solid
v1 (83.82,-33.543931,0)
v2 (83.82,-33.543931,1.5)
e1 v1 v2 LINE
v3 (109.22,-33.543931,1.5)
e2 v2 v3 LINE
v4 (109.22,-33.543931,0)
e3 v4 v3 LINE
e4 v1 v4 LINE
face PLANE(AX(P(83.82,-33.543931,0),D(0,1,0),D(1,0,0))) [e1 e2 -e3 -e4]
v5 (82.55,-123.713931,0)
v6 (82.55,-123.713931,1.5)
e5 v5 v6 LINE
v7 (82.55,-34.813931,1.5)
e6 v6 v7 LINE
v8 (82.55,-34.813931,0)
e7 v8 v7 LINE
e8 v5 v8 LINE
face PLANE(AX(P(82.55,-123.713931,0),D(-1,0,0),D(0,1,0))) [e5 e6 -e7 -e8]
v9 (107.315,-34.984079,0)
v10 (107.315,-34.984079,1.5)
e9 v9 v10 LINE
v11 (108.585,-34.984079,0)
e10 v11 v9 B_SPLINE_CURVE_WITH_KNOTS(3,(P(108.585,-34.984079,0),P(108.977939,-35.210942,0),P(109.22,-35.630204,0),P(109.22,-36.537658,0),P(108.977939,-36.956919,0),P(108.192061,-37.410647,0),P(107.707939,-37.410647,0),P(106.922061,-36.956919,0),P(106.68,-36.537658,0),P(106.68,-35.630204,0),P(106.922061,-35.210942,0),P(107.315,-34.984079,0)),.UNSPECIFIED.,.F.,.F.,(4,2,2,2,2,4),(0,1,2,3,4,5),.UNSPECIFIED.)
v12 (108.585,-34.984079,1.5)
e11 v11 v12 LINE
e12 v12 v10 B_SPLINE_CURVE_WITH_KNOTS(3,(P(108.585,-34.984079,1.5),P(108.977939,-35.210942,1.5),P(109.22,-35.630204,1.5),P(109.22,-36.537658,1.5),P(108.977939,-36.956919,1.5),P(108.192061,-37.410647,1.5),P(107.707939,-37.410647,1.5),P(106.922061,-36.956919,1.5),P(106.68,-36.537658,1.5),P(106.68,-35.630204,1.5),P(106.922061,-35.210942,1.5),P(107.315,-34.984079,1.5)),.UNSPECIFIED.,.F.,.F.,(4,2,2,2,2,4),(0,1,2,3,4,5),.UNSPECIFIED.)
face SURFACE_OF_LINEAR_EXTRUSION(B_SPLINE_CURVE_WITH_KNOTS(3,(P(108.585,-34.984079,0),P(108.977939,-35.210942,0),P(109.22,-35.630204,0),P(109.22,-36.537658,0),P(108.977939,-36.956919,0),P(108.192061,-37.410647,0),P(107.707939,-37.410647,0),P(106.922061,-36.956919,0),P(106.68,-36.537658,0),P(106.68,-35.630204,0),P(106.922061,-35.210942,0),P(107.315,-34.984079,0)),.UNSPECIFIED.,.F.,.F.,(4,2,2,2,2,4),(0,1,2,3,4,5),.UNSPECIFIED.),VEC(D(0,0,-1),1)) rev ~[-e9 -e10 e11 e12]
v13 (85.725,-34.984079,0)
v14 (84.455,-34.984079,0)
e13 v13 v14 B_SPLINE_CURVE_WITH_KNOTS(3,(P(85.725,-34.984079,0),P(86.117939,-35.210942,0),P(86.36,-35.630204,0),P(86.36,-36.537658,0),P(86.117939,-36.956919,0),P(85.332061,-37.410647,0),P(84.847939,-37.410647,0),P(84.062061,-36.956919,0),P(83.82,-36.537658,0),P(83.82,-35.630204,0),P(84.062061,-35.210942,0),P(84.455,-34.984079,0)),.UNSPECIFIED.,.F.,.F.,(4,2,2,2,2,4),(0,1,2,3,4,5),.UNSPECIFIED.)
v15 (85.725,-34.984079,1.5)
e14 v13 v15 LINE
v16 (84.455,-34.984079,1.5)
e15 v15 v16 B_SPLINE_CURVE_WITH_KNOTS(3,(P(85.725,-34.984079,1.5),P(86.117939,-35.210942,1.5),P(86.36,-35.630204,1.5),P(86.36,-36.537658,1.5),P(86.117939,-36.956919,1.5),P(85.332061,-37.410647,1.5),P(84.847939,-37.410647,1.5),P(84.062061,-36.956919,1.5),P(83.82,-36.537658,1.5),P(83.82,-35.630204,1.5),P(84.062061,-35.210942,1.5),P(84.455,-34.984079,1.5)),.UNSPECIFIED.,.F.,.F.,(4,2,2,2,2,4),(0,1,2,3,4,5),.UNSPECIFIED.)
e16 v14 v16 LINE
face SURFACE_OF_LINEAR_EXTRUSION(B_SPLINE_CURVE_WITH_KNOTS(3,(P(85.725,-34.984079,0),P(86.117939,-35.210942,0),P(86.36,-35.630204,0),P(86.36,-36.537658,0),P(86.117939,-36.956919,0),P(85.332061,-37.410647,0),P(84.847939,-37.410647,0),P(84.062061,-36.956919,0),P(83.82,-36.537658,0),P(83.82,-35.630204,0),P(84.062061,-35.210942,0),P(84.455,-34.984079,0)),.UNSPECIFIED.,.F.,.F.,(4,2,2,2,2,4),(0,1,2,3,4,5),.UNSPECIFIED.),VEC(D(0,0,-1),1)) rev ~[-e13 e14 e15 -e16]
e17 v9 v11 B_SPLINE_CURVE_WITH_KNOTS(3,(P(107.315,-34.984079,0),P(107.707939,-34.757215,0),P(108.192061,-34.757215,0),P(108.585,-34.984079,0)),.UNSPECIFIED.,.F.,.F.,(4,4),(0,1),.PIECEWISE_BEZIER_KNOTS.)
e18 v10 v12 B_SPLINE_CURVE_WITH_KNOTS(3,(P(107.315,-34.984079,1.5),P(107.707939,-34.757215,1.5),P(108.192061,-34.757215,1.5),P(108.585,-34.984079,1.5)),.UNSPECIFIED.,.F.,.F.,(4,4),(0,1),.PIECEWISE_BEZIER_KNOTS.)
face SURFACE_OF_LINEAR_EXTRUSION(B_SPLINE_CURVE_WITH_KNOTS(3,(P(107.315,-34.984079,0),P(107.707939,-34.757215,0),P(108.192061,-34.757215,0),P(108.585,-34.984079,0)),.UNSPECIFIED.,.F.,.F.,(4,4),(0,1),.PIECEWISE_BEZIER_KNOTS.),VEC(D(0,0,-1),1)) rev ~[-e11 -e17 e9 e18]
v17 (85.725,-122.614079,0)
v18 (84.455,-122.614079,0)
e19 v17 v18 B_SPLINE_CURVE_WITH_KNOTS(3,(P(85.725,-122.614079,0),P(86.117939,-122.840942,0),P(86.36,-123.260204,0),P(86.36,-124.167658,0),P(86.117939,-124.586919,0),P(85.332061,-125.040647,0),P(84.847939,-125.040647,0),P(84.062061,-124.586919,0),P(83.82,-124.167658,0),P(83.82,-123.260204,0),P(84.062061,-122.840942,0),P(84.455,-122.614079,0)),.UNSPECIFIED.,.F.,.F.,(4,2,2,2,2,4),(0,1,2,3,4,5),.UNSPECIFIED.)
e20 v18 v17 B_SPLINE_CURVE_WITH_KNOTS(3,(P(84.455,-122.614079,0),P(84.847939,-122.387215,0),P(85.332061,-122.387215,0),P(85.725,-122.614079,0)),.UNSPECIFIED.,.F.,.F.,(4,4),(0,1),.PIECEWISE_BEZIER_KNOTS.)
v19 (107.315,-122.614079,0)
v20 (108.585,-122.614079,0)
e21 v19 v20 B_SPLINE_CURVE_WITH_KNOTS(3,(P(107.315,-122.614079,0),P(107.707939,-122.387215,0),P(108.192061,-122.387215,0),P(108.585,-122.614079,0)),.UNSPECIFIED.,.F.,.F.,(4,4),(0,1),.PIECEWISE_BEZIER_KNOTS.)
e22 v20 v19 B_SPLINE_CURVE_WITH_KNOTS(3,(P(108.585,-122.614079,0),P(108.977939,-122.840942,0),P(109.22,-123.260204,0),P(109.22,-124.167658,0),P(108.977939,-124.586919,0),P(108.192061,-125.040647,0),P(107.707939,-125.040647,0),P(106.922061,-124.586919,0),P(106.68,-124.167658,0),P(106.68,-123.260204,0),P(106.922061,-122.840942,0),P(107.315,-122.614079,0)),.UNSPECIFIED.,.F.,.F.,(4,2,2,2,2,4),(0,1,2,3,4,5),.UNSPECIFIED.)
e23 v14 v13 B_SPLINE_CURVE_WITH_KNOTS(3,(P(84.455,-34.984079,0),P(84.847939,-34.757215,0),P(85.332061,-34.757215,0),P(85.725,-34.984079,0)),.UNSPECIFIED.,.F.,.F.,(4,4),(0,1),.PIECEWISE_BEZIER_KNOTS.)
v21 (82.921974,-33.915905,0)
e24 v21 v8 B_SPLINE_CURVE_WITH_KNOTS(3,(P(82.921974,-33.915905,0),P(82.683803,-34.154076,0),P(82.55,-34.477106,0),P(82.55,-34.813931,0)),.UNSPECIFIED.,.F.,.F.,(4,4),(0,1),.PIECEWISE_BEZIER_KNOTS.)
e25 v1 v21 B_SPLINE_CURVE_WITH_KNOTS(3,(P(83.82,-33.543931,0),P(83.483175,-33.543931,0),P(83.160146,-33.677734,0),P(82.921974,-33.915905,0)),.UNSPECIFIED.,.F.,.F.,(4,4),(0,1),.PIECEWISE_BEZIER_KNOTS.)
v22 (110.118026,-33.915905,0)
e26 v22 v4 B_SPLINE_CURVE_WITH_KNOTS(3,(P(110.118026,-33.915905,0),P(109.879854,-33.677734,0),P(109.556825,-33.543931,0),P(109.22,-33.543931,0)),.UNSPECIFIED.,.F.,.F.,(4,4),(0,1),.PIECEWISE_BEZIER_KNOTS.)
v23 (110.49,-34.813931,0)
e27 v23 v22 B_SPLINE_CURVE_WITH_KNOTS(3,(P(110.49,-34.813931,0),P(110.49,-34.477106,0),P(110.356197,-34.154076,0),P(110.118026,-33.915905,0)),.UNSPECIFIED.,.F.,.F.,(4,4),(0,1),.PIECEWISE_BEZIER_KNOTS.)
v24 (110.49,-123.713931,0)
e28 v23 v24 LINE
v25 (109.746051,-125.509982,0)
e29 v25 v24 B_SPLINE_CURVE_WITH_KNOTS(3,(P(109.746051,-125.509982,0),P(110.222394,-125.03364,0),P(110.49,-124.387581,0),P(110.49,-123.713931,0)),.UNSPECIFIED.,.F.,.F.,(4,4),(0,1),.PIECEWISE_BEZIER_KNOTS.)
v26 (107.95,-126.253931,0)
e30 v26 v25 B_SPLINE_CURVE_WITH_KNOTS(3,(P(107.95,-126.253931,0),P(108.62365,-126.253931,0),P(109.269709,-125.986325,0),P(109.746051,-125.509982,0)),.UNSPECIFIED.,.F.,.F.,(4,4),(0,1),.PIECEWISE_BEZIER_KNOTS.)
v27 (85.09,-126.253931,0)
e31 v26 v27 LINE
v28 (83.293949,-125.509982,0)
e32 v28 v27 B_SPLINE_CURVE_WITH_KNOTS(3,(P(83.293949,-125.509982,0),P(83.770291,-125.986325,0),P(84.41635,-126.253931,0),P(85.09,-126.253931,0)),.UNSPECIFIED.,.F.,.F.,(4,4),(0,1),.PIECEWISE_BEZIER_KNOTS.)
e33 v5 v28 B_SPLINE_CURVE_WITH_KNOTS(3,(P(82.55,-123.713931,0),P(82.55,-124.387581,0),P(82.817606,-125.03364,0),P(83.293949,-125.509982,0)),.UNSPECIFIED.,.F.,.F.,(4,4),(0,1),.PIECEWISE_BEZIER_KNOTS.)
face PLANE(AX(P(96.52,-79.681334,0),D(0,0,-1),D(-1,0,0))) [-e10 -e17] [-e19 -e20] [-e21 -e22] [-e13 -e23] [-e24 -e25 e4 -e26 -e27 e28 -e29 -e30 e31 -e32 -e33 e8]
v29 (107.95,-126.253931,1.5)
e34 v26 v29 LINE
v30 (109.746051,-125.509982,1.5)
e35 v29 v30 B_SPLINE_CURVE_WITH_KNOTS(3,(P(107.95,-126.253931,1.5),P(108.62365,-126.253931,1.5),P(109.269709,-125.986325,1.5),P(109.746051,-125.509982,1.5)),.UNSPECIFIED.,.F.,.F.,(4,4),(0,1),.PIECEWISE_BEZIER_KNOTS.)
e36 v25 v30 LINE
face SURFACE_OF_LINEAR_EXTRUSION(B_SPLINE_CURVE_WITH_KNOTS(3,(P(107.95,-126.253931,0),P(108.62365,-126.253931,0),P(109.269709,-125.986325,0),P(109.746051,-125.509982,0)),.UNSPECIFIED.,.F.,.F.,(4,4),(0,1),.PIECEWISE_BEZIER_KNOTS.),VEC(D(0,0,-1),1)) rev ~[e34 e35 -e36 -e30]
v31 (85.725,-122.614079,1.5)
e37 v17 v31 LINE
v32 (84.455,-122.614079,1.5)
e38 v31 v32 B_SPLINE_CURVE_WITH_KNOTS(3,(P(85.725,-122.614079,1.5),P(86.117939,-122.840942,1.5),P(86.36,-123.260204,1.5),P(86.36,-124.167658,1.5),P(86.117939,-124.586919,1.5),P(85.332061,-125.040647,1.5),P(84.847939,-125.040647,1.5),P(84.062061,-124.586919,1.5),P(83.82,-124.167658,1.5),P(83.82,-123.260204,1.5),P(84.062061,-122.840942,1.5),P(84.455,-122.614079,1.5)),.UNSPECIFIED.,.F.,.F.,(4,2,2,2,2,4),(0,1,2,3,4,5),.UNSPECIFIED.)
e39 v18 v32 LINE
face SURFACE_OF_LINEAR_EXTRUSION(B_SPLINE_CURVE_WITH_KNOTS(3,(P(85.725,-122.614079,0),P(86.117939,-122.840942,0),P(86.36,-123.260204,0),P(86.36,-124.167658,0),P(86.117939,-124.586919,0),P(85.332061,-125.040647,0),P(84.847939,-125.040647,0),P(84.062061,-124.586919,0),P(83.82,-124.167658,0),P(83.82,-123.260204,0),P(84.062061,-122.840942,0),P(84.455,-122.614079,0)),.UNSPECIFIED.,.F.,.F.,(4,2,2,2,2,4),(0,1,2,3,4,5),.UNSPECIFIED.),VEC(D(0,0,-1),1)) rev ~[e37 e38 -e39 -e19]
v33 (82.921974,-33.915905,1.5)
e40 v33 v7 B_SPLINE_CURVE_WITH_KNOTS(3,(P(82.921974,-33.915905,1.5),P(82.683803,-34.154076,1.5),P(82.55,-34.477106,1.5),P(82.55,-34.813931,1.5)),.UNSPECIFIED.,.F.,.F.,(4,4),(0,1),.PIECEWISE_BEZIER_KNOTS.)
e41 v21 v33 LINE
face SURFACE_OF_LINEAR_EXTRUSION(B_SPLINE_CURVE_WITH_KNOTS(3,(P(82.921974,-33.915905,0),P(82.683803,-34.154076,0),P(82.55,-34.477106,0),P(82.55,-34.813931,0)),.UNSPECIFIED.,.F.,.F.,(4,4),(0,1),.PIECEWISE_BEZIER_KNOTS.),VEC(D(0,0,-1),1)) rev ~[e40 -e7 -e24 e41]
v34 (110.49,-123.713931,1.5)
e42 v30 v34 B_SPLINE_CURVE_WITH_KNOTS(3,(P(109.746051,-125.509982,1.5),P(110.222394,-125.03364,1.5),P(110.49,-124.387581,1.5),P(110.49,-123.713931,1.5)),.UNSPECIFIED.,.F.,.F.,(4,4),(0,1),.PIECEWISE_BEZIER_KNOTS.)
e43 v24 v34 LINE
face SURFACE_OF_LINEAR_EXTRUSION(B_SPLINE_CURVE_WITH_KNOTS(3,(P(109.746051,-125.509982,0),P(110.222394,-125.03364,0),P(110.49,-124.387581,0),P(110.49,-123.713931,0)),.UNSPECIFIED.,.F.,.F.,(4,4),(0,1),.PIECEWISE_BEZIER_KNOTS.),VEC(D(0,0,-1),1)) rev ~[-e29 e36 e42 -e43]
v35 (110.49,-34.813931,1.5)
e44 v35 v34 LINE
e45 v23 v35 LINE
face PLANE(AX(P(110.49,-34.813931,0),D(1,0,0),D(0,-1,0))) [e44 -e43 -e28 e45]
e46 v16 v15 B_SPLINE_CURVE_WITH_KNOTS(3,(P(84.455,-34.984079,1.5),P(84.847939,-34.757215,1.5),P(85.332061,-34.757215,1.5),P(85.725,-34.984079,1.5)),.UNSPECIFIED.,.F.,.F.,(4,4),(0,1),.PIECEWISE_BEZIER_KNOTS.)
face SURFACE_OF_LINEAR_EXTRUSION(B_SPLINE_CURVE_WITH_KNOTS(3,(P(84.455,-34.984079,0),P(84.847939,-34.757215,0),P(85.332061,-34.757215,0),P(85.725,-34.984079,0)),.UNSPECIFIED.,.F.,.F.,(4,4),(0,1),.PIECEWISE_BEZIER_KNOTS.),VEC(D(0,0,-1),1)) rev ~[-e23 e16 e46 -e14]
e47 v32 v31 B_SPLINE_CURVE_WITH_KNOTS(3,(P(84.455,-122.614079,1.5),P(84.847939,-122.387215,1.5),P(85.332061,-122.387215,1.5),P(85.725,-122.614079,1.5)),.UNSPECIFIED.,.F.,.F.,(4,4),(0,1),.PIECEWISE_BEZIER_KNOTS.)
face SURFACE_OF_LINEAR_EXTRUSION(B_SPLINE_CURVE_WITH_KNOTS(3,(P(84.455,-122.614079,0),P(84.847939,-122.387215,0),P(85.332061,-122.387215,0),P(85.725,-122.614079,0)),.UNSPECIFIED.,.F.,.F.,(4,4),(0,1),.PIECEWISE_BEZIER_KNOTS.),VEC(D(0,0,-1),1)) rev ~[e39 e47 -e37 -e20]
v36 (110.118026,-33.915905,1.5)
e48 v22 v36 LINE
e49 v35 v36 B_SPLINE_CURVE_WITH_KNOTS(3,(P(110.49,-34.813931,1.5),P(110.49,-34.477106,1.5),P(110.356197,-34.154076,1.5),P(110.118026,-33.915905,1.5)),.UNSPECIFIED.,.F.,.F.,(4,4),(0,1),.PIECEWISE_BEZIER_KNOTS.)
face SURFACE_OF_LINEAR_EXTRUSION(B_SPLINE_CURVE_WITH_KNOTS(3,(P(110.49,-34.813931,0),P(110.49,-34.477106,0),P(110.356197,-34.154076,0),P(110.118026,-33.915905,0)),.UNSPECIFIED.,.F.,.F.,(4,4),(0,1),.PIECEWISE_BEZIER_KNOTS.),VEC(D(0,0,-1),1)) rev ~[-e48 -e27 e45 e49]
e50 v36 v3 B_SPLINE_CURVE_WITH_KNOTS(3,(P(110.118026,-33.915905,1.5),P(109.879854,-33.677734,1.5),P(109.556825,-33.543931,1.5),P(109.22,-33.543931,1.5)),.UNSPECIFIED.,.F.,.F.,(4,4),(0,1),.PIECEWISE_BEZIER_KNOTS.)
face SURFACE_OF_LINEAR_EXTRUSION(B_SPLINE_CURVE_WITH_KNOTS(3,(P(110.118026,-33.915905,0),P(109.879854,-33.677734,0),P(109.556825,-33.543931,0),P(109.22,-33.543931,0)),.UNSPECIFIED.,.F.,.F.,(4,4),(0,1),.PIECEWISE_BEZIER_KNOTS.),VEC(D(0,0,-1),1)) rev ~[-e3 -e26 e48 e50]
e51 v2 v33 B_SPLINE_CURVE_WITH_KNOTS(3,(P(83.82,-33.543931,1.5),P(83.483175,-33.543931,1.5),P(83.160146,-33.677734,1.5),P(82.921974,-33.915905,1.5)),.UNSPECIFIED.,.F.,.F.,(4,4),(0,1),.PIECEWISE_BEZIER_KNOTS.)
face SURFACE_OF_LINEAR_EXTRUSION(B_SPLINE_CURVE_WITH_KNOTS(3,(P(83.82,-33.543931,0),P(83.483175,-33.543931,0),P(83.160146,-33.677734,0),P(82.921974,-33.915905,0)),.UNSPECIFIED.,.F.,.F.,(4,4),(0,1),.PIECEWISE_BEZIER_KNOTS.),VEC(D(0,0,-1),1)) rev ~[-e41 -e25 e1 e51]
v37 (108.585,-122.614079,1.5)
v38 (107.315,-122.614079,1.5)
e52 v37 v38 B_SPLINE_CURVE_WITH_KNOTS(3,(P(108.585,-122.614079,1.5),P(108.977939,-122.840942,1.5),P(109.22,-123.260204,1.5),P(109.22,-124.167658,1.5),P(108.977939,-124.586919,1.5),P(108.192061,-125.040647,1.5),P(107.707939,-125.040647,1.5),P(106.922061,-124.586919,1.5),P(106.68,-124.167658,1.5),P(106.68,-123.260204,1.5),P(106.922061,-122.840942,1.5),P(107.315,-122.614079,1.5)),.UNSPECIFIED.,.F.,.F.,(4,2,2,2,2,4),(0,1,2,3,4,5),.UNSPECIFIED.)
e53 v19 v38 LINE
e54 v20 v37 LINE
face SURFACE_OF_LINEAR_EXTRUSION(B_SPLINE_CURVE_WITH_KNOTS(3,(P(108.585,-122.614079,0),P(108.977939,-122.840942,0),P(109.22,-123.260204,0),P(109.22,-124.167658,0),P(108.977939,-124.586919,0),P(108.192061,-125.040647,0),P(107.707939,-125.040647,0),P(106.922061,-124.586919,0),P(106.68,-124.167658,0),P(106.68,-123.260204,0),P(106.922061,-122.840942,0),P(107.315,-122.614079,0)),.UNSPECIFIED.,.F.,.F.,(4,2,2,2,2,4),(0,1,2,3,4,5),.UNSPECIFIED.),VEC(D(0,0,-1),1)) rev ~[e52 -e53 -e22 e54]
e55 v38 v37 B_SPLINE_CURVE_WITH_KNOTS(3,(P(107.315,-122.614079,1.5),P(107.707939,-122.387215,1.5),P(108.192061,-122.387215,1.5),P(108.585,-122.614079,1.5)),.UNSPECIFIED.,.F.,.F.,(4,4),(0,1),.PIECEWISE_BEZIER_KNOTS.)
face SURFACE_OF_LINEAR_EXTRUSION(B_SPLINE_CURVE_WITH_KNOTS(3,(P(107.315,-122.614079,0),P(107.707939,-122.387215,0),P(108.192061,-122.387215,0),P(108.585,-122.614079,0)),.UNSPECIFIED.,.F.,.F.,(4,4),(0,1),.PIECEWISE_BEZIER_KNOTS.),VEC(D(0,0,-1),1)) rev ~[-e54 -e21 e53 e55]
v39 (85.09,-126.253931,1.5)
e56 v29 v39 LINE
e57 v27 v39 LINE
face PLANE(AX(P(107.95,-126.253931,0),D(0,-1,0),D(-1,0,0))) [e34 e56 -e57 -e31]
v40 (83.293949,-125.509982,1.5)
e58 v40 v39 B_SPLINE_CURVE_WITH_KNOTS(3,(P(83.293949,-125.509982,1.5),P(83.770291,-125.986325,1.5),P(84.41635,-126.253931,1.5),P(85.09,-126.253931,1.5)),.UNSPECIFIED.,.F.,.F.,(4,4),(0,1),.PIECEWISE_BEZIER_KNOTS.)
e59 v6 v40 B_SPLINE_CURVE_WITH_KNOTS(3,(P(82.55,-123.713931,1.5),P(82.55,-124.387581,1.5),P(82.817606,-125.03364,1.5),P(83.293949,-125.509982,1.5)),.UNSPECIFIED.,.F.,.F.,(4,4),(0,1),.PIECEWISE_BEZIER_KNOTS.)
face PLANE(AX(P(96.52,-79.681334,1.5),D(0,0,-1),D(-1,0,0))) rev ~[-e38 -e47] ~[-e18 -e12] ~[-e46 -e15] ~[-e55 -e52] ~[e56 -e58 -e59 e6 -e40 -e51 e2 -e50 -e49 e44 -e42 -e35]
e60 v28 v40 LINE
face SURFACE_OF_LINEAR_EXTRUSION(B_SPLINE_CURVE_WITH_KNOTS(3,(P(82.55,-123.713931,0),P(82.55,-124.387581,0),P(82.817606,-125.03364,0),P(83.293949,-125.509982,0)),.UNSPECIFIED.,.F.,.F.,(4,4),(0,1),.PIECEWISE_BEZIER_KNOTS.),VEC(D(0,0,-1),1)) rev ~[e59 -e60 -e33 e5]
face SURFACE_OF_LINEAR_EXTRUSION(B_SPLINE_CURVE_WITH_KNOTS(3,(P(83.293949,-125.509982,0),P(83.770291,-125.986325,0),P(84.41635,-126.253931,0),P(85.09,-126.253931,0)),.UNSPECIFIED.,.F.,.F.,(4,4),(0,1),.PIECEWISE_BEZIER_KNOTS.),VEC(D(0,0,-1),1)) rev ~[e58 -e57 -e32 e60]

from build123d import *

# Parameters (mm, degrees)
BOSS_EXTRU_1_DEPTH = 1.5


with BuildPart() as part:
    # Model → Boss.-Extru.1 (new body)
    with BuildSketch(Plane.XY):
        with BuildLine():
            Line((110.49, -34.813931), (110.49, -38.623931))
            Line((110.49, -38.623931), (110.49, -39.893931))
            Line((110.49, -39.893931), (110.49, -123.713931))
            add(Edge.make_bspline(
                [(109.746051, -125.509982), (110.222394, -125.03364), (110.49, -124.387581), (110.49, -123.713931)],
                knots=[0, 0, 0, 0, 1, 1, 1, 1], degree=3))
            add(Edge.make_bspline(
                [(107.95, -126.253931), (108.62365, -126.253931), (109.269709, -125.986325), (109.746051, -125.509982)],
                knots=[0, 0, 0, 0, 1, 1, 1, 1], degree=3))
            Line((107.95, -126.253931), (85.09, -126.253931))
            add(Edge.make_bspline(
                [(83.293949, -125.509982), (83.770291, -125.986325), (84.41635, -126.253931), (85.09, -126.253931)],
                knots=[0, 0, 0, 0, 1, 1, 1, 1], degree=3))
            add(Edge.make_bspline(
                [(82.55, -123.713931), (82.55, -124.387581), (82.817606, -125.03364), (83.293949, -125.509982)],
                knots=[0, 0, 0, 0, 1, 1, 1, 1], degree=3))
            Line((82.55, -123.713931), (82.55, -39.893931))
            Line((82.55, -39.893931), (82.55, -38.623931))
            Line((82.55, -38.623931), (82.55, -34.813931))
            add(Edge.make_bspline(
                [(82.921974, -33.915905), (82.683803, -34.154076), (82.55, -34.477106), (82.55, -34.813931)],
                knots=[0, 0, 0, 0, 1, 1, 1, 1], degree=3))
            add(Edge.make_bspline(
                [(83.82, -33.543931), (83.483175, -33.543931), (83.160146, -33.677734), (82.921974, -33.915905)],
                knots=[0, 0, 0, 0, 1, 1, 1, 1], degree=3))
            Line((83.82, -33.543931), (109.22, -33.543931))
            add(Edge.make_bspline(
                [(110.118026, -33.915905), (109.879854, -33.677734), (109.556825, -33.543931), (109.22, -33.543931)],
                knots=[0, 0, 0, 0, 1, 1, 1, 1], degree=3))
            add(Edge.make_bspline(
                [(110.49, -34.813931), (110.49, -34.477106), (110.356197, -34.154076), (110.118026, -33.915905)],
                knots=[0, 0, 0, 0, 1, 1, 1, 1], degree=3))
        make_face()
        with BuildLine():
            add(Edge.make_bspline(
                [(109.22, -36.083931), (109.22, -36.537658), (108.977939, -36.956919), (108.585, -37.183783)],
                knots=[0, 0, 0, 0, 1, 1, 1, 1], degree=3))
            add(Edge.make_bspline(
                [(108.585, -37.183783), (108.192061, -37.410647), (107.707939, -37.410647), (107.315, -37.183783)],
                knots=[0, 0, 0, 0, 1, 1, 1, 1], degree=3))
            add(Edge.make_bspline(
                [(107.315, -37.183783), (106.922061, -36.956919), (106.68, -36.537658), (106.68, -36.083931)],
                knots=[0, 0, 0, 0, 1, 1, 1, 1], degree=3))
            add(Edge.make_bspline(
                [(106.68, -36.083931), (106.68, -35.630204), (106.922061, -35.210942), (107.315, -34.984079)],
                knots=[0, 0, 0, 0, 1, 1, 1, 1], degree=3))
            add(Edge.make_bspline(
                [(107.315, -34.984079), (107.707939, -34.757215), (108.192061, -34.757215), (108.585, -34.984079)],
                knots=[0, 0, 0, 0, 1, 1, 1, 1], degree=3))
            add(Edge.make_bspline(
                [(108.585, -34.984079), (108.977939, -35.210942), (109.22, -35.630204), (109.22, -36.083931)],
                knots=[0, 0, 0, 0, 1, 1, 1, 1], degree=3))
        make_face(mode=Mode.SUBTRACT)
        with BuildLine():
            add(Edge.make_bspline(
                [(86.36, -36.083931), (86.36, -36.537658), (86.117939, -36.956919), (85.725, -37.183783)],
                knots=[0, 0, 0, 0, 1, 1, 1, 1], degree=3))
            add(Edge.make_bspline(
                [(85.725, -37.183783), (85.332061, -37.410647), (84.847939, -37.410647), (84.455, -37.183783)],
                knots=[0, 0, 0, 0, 1, 1, 1, 1], degree=3))
            add(Edge.make_bspline(
                [(84.455, -37.183783), (84.062061, -36.956919), (83.82, -36.537658), (83.82, -36.083931)],
                knots=[0, 0, 0, 0, 1, 1, 1, 1], degree=3))
            add(Edge.make_bspline(
                [(83.82, -36.083931), (83.82, -35.630204), (84.062061, -35.210942), (84.455, -34.984079)],
                knots=[0, 0, 0, 0, 1, 1, 1, 1], degree=3))
            add(Edge.make_bspline(
                [(84.455, -34.984079), (84.847939, -34.757215), (85.332061, -34.757215), (85.725, -34.984079)],
                knots=[0, 0, 0, 0, 1, 1, 1, 1], degree=3))
            add(Edge.make_bspline(
                [(85.725, -34.984079), (86.117939, -35.210942), (86.36, -35.630204), (86.36, -36.083931)],
                knots=[0, 0, 0, 0, 1, 1, 1, 1], degree=3))
        make_face(mode=Mode.SUBTRACT)
        with BuildLine():
            add(Edge.make_bspline(
                [(86.36, -123.713931), (86.36, -124.167658), (86.117939, -124.586919), (85.725, -124.813783)],
                knots=[0, 0, 0, 0, 1, 1, 1, 1], degree=3))
            add(Edge.make_bspline(
                [(85.725, -124.813783), (85.332061, -125.040647), (84.847939, -125.040647), (84.455, -124.813783)],
                knots=[0, 0, 0, 0, 1, 1, 1, 1], degree=3))
            add(Edge.make_bspline(
                [(84.455, -124.813783), (84.062061, -124.586919), (83.82, -124.167658), (83.82, -123.713931)],
                knots=[0, 0, 0, 0, 1, 1, 1, 1], degree=3))
            add(Edge.make_bspline(
                [(83.82, -123.713931), (83.82, -123.260204), (84.062061, -122.840942), (84.455, -122.614079)],
                knots=[0, 0, 0, 0, 1, 1, 1, 1], degree=3))
            add(Edge.make_bspline(
                [(84.455, -122.614079), (84.847939, -122.387215), (85.332061, -122.387215), (85.725, -122.614079)],
                knots=[0, 0, 0, 0, 1, 1, 1, 1], degree=3))
            add(Edge.make_bspline(
                [(85.725, -122.614079), (86.117939, -122.840942), (86.36, -123.260204), (86.36, -123.713931)],
                knots=[0, 0, 0, 0, 1, 1, 1, 1], degree=3))
        make_face(mode=Mode.SUBTRACT)
        with BuildLine():
            add(Edge.make_bspline(
                [(109.22, -123.713931), (109.22, -124.167658), (108.977939, -124.586919), (108.585, -124.813783)],
                knots=[0, 0, 0, 0, 1, 1, 1, 1], degree=3))
            add(Edge.make_bspline(
                [(108.585, -124.813783), (108.192061, -125.040647), (107.707939, -125.040647), (107.315, -124.813783)],
                knots=[0, 0, 0, 0, 1, 1, 1, 1], degree=3))
            add(Edge.make_bspline(
                [(107.315, -124.813783), (106.922061, -124.586919), (106.68, -124.167658), (106.68, -123.713931)],
                knots=[0, 0, 0, 0, 1, 1, 1, 1], degree=3))
            add(Edge.make_bspline(
                [(106.68, -123.713931), (106.68, -123.260204), (106.922061, -122.840942), (107.315, -122.614079)],
                knots=[0, 0, 0, 0, 1, 1, 1, 1], degree=3))
            add(Edge.make_bspline(
                [(107.315, -122.614079), (107.707939, -122.387215), (108.192061, -122.387215), (108.585, -122.614079)],
                knots=[0, 0, 0, 0, 1, 1, 1, 1], degree=3))
            add(Edge.make_bspline(
                [(108.585, -122.614079), (108.977939, -122.840942), (109.22, -123.260204), (109.22, -123.713931)],
                knots=[0, 0, 0, 0, 1, 1, 1, 1], degree=3))
        make_face(mode=Mode.SUBTRACT)
    extrude(amount=BOSS_EXTRU_1_DEPTH)


solid = part.part
